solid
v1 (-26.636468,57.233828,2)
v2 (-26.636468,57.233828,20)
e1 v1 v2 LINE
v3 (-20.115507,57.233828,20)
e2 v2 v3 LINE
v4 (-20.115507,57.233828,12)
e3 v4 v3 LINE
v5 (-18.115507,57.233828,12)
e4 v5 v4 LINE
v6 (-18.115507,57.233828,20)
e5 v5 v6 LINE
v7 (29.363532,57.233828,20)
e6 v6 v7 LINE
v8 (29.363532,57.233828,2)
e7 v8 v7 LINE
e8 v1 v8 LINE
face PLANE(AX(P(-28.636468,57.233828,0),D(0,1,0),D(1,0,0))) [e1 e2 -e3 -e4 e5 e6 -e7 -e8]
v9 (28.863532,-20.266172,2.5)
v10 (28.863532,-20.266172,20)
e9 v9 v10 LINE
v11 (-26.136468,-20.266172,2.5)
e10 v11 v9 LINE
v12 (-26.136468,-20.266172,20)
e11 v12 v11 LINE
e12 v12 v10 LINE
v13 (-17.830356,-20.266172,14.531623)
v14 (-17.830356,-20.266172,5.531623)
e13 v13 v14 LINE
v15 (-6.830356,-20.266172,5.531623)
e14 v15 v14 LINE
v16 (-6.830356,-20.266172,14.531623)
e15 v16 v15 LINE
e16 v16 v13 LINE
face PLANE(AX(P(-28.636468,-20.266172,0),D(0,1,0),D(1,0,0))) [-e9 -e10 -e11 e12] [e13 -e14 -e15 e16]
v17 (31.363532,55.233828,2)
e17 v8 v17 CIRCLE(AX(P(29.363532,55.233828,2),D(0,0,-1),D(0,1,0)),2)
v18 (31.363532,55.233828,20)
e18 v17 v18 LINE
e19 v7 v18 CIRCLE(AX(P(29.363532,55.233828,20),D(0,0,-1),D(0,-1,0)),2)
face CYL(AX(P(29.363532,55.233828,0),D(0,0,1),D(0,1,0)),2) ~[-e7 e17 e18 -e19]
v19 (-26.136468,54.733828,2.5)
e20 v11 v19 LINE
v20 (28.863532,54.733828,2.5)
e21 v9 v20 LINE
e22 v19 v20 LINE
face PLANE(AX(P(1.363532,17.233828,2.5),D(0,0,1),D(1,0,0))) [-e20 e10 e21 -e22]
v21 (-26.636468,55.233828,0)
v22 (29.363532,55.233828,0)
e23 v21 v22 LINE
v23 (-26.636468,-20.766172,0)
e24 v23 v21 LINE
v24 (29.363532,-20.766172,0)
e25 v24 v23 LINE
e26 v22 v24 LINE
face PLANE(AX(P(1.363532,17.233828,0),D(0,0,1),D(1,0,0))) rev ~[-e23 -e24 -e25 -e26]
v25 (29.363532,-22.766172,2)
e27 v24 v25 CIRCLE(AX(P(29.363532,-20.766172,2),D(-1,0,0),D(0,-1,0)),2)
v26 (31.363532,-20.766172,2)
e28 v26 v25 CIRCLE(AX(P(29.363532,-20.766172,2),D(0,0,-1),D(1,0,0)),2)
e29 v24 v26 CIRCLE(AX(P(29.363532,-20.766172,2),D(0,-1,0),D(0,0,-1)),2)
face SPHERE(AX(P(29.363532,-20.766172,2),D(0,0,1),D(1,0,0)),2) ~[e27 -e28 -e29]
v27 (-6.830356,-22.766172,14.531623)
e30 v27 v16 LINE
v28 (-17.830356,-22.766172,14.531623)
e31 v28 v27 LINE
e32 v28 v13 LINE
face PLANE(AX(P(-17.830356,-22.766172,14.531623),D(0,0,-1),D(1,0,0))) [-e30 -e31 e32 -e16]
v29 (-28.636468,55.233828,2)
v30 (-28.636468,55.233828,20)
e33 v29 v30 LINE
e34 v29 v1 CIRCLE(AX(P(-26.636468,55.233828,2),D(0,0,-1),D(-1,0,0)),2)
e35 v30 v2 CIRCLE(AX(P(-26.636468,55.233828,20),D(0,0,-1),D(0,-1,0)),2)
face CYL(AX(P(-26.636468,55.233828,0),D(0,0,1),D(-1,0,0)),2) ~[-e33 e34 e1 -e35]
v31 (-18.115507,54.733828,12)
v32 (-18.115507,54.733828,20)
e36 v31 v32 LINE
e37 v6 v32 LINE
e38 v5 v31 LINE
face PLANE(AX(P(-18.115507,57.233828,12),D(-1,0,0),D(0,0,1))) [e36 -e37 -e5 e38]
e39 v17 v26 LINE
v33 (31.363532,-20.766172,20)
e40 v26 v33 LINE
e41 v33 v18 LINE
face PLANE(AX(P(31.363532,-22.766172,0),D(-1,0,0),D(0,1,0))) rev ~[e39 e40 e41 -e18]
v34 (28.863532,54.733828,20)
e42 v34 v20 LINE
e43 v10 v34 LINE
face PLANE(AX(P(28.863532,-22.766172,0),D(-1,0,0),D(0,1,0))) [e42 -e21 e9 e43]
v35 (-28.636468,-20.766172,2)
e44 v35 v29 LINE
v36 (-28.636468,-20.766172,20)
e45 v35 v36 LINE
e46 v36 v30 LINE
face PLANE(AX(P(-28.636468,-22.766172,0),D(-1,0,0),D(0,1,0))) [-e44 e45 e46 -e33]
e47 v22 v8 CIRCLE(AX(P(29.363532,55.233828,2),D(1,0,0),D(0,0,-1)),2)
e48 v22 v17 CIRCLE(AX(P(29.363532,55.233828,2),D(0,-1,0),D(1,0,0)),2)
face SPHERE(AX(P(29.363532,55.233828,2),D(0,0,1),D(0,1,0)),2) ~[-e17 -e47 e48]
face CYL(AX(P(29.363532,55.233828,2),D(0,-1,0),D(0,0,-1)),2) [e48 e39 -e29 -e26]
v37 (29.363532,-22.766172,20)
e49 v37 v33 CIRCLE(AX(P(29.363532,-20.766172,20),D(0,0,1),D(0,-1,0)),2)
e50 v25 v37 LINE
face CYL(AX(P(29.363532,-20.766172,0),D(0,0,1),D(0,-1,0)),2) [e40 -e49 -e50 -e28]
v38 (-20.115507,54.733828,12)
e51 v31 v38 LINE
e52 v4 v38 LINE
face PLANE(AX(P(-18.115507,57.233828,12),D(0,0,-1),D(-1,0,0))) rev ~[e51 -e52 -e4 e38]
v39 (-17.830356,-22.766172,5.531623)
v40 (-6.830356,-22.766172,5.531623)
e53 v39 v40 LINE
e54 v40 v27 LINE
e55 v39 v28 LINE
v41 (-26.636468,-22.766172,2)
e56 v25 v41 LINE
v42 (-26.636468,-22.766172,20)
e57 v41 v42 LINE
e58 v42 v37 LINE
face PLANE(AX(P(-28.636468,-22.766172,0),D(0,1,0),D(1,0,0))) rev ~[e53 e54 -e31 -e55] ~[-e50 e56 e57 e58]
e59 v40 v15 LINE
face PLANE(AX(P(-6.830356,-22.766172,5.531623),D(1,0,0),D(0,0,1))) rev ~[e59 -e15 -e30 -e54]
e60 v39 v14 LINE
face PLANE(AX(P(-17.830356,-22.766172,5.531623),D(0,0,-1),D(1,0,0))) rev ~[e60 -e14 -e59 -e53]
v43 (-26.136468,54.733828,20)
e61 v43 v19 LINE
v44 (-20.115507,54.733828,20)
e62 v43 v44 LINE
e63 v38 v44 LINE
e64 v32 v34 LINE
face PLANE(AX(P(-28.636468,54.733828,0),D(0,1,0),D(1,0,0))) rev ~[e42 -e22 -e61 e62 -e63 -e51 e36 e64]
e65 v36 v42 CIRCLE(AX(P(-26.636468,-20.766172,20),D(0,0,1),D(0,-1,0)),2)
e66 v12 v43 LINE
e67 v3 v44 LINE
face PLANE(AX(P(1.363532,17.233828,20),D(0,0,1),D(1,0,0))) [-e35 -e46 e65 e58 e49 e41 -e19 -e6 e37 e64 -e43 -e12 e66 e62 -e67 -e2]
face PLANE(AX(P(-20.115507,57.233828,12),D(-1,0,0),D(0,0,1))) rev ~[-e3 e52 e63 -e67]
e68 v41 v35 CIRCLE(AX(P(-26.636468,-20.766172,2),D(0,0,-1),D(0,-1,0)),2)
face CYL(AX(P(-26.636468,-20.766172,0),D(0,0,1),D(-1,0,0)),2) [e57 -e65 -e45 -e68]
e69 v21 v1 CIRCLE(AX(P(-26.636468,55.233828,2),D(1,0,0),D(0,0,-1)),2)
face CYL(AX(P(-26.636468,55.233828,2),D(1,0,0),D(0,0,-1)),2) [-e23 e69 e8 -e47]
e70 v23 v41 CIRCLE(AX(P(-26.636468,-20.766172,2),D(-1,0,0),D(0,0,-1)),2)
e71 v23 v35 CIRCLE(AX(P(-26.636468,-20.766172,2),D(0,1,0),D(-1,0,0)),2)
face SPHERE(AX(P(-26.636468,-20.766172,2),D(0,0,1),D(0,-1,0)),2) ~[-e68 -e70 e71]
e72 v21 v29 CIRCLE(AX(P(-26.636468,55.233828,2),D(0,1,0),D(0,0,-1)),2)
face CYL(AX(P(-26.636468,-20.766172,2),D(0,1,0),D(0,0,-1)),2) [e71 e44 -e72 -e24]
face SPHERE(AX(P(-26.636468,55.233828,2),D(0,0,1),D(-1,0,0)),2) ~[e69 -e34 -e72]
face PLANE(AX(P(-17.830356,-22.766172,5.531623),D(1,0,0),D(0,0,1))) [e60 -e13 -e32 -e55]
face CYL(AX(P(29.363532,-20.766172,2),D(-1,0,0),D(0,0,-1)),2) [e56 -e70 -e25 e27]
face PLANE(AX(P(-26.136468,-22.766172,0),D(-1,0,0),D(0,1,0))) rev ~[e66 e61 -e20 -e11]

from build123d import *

# Parameters (mm, degrees)
F0_W     = 60
F0_H     = 80
F1_DEPTH = 20
F2_T     = -2.5
F3_W     = 11
F3_H     = 9
F4_DEPTH = 10
F5_W     = 2
F5_H     = 8
F6_DEPTH = 25
F7_R     = 2
F8_R     = 2


with BuildPart() as f1:
    # F0 (on Top) → F1 (new body)
    with BuildSketch(Plane.XY):
        with Locations((1.363532, 17.233828)):
            Rectangle(F0_W, F0_H)
    extrude(amount=F1_DEPTH)

    # F2
    f2_openings = [f1.faces().sort_by_distance(p)[0] for p in [
        (1.363532, 17.233828, 20),
    ]]
    offset(amount=F2_T, openings=f2_openings)

    # F3 (on face) → F4 (cut)
    with BuildSketch(Plane.XZ.offset(22.766172)):
        with Locations((-12.330356, 10.031623)):
            Rectangle(F3_W, F3_H)
    extrude(amount=-F4_DEPTH, mode=Mode.SUBTRACT)

    # F5 (on face) → F6 (cut)
    with BuildSketch(Plane(origin=(0, 57.233828, 0), x_dir=(-1, 0, 0), z_dir=(0, 1, 0))):
        with Locations((19.115507, 16)):
            Rectangle(F5_W, F5_H)
    extrude(amount=-F6_DEPTH, mode=Mode.SUBTRACT)

    # F7
    f7_edges = [f1.edges().sort_by_distance(p)[0] for p in [
        (31.363532, -22.766172, 10),
        (31.363532, 57.233828, 10),
        (-28.636468, 57.233828, 10),
        (-28.636468, -22.766172, 10),
    ]]
    fillet(f7_edges, radius=F7_R)

    # F8
    f8_edges = [f1.edges().sort_by_distance(p)[0] for p in [
        (1.363532, 57.233828, 0),
        (30.777745, 56.648042, 0),
        (-28.050682, 56.648042, 0),
        (31.363532, 17.233828, 0),
        (-28.636468, 17.233828, 0),
        (30.777745, -22.180386, 0),
        (-28.050682, -22.180386, 0),
        (1.363532, -22.766172, 0),
    ]]
    fillet(f8_edges, radius=F8_R)


solid = f1.part
